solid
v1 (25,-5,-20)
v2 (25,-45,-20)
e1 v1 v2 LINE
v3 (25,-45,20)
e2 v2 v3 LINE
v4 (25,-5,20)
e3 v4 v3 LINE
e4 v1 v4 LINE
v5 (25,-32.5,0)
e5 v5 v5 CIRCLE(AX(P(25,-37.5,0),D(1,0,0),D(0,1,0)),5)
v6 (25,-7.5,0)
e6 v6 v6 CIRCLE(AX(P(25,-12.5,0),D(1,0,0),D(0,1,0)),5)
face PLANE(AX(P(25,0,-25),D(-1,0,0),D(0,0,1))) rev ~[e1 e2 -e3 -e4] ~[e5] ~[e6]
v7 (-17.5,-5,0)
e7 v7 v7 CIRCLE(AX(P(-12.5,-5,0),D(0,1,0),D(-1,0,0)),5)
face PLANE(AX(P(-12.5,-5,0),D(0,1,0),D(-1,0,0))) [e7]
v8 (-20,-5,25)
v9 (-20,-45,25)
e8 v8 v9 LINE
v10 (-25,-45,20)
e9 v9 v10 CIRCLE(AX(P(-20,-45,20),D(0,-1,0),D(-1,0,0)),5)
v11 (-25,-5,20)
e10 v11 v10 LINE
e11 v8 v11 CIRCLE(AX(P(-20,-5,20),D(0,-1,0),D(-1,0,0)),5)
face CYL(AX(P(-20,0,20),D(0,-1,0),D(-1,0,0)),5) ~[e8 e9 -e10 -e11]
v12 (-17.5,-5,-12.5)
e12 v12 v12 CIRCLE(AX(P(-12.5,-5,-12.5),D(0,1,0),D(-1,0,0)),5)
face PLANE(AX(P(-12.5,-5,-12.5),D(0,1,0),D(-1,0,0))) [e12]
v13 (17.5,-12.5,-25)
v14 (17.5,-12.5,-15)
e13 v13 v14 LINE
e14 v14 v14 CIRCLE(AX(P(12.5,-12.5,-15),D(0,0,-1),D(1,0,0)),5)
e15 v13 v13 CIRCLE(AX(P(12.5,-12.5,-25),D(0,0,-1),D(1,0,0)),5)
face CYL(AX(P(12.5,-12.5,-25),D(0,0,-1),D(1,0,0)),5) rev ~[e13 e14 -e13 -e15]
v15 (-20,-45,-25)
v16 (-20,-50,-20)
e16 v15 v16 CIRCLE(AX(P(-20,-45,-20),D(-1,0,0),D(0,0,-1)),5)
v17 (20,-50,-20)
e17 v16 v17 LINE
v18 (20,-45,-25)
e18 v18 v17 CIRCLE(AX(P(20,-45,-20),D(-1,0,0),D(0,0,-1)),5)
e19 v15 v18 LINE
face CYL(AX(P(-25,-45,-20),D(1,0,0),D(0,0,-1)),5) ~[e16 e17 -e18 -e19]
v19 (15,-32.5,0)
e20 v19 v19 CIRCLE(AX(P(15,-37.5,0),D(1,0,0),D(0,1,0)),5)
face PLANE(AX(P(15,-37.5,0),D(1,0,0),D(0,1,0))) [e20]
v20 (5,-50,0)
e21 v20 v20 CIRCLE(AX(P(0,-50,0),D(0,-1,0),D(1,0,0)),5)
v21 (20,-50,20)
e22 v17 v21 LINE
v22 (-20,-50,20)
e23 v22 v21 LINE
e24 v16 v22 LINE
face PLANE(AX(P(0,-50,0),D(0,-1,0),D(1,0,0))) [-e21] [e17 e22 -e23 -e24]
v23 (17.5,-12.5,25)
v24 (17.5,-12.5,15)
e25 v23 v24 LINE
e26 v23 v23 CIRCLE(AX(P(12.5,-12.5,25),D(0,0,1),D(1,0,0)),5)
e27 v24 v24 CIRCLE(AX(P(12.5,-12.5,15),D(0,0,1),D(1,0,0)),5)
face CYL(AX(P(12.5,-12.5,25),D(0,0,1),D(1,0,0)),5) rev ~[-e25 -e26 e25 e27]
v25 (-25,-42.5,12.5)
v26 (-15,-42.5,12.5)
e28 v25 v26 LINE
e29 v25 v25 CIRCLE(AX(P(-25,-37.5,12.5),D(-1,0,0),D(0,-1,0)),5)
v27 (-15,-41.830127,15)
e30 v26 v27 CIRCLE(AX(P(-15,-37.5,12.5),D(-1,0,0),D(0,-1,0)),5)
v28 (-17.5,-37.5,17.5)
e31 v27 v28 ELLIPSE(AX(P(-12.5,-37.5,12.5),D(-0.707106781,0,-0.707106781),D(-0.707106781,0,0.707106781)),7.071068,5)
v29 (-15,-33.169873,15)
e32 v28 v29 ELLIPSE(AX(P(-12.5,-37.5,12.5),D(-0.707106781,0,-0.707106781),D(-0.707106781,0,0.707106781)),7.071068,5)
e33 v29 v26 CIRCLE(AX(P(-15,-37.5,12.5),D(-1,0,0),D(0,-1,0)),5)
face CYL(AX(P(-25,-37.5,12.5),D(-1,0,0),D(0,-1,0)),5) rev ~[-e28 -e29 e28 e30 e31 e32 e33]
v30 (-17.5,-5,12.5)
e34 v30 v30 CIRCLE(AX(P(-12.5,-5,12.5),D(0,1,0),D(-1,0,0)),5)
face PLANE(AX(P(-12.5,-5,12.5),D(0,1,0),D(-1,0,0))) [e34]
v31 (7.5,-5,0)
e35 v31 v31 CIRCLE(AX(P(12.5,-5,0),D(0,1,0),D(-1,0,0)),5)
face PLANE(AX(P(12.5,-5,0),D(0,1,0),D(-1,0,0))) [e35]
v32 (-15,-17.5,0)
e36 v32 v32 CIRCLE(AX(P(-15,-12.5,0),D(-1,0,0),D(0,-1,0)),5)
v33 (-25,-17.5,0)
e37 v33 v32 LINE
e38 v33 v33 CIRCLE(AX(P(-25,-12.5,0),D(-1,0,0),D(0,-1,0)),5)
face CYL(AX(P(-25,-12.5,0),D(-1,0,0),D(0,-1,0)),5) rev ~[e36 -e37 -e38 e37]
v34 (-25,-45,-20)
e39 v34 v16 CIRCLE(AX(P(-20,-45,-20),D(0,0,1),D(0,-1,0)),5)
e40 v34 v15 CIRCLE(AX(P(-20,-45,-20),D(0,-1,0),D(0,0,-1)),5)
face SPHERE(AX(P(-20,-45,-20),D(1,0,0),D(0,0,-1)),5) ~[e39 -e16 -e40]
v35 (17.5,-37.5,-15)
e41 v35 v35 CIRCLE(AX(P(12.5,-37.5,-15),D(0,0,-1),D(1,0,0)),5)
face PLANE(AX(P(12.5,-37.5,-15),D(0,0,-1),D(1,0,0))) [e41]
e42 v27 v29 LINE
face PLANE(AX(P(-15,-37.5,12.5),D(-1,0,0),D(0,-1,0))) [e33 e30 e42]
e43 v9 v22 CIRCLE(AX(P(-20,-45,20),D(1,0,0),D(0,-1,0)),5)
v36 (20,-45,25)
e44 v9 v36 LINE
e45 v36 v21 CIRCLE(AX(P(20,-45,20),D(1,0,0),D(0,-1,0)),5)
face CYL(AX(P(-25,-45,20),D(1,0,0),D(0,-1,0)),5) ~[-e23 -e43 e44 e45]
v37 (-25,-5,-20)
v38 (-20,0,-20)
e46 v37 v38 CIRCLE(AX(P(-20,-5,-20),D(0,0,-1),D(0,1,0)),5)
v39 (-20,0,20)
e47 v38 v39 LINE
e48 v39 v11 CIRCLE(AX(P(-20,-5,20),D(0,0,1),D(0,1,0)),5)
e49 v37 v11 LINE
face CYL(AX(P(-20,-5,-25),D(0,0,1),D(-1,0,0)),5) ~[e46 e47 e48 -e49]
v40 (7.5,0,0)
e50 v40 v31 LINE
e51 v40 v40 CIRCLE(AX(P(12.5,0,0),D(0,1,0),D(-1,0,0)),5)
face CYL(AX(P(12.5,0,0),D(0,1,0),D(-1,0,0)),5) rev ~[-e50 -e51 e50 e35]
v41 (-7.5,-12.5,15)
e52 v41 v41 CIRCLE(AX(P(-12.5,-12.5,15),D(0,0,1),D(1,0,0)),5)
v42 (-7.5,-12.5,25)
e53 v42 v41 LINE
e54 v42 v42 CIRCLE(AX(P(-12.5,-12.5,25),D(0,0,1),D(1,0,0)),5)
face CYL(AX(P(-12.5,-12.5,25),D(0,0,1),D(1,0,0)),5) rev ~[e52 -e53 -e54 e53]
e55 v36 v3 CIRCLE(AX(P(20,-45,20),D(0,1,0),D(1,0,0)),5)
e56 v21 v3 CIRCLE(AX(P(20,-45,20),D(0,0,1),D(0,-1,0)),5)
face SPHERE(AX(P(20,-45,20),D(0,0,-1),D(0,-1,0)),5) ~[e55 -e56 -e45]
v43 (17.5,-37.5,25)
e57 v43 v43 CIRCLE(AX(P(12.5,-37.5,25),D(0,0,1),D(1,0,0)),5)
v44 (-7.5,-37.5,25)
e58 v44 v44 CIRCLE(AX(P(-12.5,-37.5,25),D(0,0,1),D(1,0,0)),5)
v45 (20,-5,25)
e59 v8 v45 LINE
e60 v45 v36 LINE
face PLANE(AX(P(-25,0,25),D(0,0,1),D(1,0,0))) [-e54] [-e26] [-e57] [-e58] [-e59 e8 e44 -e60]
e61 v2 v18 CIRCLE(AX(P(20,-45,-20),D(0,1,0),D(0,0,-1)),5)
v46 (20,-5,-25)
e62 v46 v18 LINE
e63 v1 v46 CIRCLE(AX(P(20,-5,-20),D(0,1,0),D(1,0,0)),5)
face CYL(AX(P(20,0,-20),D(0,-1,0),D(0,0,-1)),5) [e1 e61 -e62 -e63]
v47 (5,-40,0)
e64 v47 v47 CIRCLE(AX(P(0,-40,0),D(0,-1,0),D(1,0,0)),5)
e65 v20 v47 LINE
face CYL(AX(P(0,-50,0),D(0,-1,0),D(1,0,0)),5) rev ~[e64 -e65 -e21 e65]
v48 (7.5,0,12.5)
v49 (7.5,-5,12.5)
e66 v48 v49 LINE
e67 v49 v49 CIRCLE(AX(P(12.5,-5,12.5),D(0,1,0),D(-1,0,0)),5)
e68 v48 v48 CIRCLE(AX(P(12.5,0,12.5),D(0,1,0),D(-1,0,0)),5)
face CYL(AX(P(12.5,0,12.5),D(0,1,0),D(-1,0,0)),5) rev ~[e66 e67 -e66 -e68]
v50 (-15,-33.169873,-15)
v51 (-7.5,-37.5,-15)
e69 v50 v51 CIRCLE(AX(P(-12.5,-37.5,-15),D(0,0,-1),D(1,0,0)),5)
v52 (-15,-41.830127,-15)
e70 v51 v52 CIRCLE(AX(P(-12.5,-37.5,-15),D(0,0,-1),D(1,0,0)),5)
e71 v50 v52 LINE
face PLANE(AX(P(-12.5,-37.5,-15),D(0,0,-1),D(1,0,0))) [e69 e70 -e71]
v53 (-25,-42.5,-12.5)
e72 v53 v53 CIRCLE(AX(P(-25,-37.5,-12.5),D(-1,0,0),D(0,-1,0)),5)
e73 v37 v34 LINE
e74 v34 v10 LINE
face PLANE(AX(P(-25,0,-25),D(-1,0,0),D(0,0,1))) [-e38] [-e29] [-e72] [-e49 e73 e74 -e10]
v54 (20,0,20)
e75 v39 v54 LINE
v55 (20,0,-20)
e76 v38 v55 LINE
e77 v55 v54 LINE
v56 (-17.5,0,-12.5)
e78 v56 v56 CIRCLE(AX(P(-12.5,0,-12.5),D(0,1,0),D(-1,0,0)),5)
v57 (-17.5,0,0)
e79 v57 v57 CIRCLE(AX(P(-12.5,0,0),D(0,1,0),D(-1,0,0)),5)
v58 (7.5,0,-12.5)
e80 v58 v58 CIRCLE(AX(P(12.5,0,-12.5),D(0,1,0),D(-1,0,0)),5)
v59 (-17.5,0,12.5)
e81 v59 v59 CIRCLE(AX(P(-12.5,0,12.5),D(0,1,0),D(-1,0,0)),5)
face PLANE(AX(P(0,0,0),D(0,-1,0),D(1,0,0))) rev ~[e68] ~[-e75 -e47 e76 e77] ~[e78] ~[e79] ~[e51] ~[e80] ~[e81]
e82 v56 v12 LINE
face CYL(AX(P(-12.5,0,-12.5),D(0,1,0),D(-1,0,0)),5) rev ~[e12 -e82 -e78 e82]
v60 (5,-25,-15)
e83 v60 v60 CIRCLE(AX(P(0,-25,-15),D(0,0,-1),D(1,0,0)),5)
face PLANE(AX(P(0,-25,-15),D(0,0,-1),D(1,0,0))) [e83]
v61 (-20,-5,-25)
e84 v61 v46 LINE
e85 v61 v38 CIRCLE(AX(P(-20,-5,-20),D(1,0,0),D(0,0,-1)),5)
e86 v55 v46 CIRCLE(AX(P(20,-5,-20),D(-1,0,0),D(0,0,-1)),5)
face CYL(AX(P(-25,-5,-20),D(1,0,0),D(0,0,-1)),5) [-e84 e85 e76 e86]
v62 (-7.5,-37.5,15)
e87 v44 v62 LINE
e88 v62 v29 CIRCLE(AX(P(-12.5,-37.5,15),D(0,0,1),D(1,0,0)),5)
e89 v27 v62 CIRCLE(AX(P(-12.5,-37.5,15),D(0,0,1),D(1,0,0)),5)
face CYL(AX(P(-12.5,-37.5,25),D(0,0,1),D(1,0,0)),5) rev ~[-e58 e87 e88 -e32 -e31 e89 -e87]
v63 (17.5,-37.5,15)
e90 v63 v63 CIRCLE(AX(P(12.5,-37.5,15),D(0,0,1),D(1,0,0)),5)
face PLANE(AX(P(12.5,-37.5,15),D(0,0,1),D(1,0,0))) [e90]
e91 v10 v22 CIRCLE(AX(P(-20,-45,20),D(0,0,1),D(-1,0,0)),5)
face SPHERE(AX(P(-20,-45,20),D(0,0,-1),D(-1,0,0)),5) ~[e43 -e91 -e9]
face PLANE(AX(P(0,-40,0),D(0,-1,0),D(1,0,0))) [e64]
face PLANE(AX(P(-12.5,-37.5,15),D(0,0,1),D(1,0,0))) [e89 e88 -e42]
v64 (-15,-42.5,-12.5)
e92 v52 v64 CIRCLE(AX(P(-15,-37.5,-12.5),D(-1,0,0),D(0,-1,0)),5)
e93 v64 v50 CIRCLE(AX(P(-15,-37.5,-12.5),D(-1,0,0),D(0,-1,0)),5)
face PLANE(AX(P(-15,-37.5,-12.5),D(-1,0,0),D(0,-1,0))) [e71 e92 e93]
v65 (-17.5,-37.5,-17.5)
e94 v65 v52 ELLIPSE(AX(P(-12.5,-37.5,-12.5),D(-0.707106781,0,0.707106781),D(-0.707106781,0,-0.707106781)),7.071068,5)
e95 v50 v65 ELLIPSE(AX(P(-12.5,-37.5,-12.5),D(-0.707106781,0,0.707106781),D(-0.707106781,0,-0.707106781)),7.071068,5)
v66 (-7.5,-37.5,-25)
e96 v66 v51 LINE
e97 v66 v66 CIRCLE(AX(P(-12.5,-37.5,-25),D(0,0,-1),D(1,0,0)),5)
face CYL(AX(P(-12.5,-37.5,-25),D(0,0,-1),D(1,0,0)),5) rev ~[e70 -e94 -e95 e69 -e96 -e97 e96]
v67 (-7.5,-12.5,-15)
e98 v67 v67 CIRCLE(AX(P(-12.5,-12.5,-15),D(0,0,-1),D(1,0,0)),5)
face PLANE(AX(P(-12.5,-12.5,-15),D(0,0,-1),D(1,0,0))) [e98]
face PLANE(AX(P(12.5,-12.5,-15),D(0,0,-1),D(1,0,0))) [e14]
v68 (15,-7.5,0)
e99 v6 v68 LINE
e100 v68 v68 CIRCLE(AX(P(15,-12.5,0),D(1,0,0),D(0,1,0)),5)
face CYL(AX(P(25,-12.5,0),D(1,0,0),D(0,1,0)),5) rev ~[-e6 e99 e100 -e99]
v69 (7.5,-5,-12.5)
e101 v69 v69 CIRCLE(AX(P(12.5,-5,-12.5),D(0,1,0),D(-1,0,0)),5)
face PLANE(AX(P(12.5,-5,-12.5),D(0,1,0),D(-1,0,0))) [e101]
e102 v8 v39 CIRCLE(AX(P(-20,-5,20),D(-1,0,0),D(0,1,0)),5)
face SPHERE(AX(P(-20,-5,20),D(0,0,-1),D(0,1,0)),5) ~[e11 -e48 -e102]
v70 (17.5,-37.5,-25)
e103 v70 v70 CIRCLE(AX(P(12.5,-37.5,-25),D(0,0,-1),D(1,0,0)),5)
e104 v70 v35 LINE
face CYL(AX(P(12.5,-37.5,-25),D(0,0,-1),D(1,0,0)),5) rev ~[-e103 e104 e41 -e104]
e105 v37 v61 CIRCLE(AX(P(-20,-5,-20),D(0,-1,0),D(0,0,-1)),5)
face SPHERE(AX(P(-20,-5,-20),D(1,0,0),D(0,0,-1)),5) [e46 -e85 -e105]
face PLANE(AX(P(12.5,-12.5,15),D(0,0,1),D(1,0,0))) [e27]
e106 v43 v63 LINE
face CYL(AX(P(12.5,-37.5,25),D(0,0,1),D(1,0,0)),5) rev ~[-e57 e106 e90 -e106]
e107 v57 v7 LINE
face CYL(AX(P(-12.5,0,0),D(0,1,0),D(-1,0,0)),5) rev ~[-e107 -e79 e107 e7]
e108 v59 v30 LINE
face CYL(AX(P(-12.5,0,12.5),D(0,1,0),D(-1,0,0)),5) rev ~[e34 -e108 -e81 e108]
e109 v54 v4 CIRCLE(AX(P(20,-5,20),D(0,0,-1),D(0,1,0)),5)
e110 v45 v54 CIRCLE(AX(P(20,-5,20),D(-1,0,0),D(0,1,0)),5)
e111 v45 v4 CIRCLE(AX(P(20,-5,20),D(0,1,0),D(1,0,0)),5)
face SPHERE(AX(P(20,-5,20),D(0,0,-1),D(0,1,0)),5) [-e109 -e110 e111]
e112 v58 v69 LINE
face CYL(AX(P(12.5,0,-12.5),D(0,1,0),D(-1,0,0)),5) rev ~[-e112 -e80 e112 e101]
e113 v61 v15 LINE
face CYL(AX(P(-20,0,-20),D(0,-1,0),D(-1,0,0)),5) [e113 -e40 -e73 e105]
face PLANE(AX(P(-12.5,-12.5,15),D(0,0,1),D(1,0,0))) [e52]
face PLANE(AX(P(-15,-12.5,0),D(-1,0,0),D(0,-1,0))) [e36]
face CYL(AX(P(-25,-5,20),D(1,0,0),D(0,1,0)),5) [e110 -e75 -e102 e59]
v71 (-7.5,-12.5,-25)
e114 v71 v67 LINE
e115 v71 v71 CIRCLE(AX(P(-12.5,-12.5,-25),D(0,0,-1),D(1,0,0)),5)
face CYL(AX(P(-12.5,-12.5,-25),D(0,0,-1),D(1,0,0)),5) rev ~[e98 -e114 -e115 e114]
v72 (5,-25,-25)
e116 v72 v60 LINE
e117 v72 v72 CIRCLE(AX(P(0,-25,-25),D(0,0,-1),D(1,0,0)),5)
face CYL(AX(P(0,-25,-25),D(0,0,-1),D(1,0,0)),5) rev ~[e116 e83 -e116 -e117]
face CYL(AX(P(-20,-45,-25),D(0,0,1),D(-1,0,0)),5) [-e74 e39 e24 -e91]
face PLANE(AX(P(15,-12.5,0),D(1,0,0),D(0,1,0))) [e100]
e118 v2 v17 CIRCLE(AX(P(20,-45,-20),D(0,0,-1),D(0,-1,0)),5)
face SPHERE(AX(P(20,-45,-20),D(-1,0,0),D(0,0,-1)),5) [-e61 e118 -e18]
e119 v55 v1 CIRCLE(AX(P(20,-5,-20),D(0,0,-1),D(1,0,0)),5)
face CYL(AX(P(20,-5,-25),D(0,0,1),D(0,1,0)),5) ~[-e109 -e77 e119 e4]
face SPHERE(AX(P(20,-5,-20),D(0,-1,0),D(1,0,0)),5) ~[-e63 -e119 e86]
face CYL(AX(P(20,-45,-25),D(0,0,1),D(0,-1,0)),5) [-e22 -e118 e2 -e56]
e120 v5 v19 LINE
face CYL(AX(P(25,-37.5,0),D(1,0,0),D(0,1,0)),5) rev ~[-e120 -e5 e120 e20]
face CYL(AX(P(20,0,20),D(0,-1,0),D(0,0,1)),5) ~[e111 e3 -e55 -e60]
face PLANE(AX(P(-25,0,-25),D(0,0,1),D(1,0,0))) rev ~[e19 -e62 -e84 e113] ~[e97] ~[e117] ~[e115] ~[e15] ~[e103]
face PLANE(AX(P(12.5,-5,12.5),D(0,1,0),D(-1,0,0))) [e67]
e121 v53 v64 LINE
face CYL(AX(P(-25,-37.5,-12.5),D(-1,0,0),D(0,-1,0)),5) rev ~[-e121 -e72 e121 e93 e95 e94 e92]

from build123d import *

# Parameters (mm, degrees)
F0_W      = 50
F0_H      = 50
F1_DEPTH  = 50
F2_R      = 5
F3_DEPTH  = 10
F6_R      = 5
F7_DEPTH  = 10
F5_R      = 5
F8_DEPTH  = 5
F9_R      = 5
F10_DEPTH = 10
F11_R     = 5
F12_DEPTH = 10
F13_R     = 5
F14_DEPTH = 10
F15_R     = 5


with BuildPart() as f1:
    # F0 (on Front) → F1 (new body)
    with BuildSketch(Plane.XZ):
        Rectangle(F0_W, F0_H)
    extrude(amount=F1_DEPTH)

    # F2 (on face) → F3 (cut)
    with BuildSketch(Plane.XZ.offset(50)):
        Circle(F2_R)
    extrude(amount=-F3_DEPTH, mode=Mode.SUBTRACT)

    # F6 (on face) → F7 (cut)
    with BuildSketch(Plane.YZ.offset(25)):
        with Locations((-12.5, 0)):
            Circle(F6_R)
        with Locations((-37.5, 0)):
            Circle(F6_R)
    extrude(amount=-F7_DEPTH, mode=Mode.SUBTRACT)

    # F5 (on face) → F8 (cut)
    with BuildSketch(Plane(origin=(0, 0, 0), x_dir=(-1, 0, 0), z_dir=(0, 1, 0))):
        with Locations((12.5, -12.5)):
            Circle(F5_R)
        with Locations((12.5, 0)):
            Circle(F5_R)
        with Locations((12.5, 12.5)):
            Circle(F5_R)
        with Locations((-12.5, -12.5)):
            Circle(F5_R)
        with Locations((-12.5, 0)):
            Circle(F5_R)
        with Locations((-12.5, 12.5)):
            Circle(F5_R)
    extrude(amount=-F8_DEPTH, mode=Mode.SUBTRACT)

    # F9 (on face) → F10 (cut)
    with BuildSketch(Plane(origin=(-25, 0, 0), x_dir=(0, -1, 0), z_dir=(-1, 0, 0))):
        with Locations((12.5, 0)):
            Circle(F9_R)
        with Locations((37.5, -12.5)):
            Circle(F9_R)
        with Locations((37.5, 12.5)):
            Circle(F9_R)
    extrude(amount=-F10_DEPTH, mode=Mode.SUBTRACT)

    # F11 (on face) → F12 (cut)
    with BuildSketch(Plane.XY.offset(25)):
        with Locations((-12.5, -37.5)):
            Circle(F11_R)
        with Locations((-12.5, -12.5)):
            Circle(F11_R)
        with Locations((12.5, -12.5)):
            Circle(F11_R)
        with Locations((12.5, -37.5)):
            Circle(F11_R)
    extrude(amount=-F12_DEPTH, mode=Mode.SUBTRACT)

    # F13 (on face) → F14 (cut)
    with BuildSketch(Plane(origin=(0, 0, -25), x_dir=(1, 0, 0), z_dir=(0, 0, -1))):
        with Locations((-12.5, 37.5)):
            Circle(F13_R)
        with Locations((12.5, 37.5)):
            Circle(F13_R)
        with Locations((0, 25)):
            Circle(F13_R)
        with Locations((-12.5, 12.5)):
            Circle(F13_R)
        with Locations((12.5, 12.5)):
            Circle(F13_R)
    extrude(amount=-F14_DEPTH, mode=Mode.SUBTRACT)

    # F15
    f15_edges = [f1.edges().sort_by_distance(p)[0] for p in [
        (0, -50, -25),
        (25, -25, -25),
        (25, -50, 0),
        (25, 0, 0),
        (0, 0, -25),
        (-25, -25, -25),
        (-25, -50, 0),
        (-25, 0, 0),
        (0, 0, 25),
        (-25, -25, 25),
        (0, -50, 25),
        (25, -25, 25),
    ]]
    fillet(f15_edges, radius=F15_R)


solid = f1.part
